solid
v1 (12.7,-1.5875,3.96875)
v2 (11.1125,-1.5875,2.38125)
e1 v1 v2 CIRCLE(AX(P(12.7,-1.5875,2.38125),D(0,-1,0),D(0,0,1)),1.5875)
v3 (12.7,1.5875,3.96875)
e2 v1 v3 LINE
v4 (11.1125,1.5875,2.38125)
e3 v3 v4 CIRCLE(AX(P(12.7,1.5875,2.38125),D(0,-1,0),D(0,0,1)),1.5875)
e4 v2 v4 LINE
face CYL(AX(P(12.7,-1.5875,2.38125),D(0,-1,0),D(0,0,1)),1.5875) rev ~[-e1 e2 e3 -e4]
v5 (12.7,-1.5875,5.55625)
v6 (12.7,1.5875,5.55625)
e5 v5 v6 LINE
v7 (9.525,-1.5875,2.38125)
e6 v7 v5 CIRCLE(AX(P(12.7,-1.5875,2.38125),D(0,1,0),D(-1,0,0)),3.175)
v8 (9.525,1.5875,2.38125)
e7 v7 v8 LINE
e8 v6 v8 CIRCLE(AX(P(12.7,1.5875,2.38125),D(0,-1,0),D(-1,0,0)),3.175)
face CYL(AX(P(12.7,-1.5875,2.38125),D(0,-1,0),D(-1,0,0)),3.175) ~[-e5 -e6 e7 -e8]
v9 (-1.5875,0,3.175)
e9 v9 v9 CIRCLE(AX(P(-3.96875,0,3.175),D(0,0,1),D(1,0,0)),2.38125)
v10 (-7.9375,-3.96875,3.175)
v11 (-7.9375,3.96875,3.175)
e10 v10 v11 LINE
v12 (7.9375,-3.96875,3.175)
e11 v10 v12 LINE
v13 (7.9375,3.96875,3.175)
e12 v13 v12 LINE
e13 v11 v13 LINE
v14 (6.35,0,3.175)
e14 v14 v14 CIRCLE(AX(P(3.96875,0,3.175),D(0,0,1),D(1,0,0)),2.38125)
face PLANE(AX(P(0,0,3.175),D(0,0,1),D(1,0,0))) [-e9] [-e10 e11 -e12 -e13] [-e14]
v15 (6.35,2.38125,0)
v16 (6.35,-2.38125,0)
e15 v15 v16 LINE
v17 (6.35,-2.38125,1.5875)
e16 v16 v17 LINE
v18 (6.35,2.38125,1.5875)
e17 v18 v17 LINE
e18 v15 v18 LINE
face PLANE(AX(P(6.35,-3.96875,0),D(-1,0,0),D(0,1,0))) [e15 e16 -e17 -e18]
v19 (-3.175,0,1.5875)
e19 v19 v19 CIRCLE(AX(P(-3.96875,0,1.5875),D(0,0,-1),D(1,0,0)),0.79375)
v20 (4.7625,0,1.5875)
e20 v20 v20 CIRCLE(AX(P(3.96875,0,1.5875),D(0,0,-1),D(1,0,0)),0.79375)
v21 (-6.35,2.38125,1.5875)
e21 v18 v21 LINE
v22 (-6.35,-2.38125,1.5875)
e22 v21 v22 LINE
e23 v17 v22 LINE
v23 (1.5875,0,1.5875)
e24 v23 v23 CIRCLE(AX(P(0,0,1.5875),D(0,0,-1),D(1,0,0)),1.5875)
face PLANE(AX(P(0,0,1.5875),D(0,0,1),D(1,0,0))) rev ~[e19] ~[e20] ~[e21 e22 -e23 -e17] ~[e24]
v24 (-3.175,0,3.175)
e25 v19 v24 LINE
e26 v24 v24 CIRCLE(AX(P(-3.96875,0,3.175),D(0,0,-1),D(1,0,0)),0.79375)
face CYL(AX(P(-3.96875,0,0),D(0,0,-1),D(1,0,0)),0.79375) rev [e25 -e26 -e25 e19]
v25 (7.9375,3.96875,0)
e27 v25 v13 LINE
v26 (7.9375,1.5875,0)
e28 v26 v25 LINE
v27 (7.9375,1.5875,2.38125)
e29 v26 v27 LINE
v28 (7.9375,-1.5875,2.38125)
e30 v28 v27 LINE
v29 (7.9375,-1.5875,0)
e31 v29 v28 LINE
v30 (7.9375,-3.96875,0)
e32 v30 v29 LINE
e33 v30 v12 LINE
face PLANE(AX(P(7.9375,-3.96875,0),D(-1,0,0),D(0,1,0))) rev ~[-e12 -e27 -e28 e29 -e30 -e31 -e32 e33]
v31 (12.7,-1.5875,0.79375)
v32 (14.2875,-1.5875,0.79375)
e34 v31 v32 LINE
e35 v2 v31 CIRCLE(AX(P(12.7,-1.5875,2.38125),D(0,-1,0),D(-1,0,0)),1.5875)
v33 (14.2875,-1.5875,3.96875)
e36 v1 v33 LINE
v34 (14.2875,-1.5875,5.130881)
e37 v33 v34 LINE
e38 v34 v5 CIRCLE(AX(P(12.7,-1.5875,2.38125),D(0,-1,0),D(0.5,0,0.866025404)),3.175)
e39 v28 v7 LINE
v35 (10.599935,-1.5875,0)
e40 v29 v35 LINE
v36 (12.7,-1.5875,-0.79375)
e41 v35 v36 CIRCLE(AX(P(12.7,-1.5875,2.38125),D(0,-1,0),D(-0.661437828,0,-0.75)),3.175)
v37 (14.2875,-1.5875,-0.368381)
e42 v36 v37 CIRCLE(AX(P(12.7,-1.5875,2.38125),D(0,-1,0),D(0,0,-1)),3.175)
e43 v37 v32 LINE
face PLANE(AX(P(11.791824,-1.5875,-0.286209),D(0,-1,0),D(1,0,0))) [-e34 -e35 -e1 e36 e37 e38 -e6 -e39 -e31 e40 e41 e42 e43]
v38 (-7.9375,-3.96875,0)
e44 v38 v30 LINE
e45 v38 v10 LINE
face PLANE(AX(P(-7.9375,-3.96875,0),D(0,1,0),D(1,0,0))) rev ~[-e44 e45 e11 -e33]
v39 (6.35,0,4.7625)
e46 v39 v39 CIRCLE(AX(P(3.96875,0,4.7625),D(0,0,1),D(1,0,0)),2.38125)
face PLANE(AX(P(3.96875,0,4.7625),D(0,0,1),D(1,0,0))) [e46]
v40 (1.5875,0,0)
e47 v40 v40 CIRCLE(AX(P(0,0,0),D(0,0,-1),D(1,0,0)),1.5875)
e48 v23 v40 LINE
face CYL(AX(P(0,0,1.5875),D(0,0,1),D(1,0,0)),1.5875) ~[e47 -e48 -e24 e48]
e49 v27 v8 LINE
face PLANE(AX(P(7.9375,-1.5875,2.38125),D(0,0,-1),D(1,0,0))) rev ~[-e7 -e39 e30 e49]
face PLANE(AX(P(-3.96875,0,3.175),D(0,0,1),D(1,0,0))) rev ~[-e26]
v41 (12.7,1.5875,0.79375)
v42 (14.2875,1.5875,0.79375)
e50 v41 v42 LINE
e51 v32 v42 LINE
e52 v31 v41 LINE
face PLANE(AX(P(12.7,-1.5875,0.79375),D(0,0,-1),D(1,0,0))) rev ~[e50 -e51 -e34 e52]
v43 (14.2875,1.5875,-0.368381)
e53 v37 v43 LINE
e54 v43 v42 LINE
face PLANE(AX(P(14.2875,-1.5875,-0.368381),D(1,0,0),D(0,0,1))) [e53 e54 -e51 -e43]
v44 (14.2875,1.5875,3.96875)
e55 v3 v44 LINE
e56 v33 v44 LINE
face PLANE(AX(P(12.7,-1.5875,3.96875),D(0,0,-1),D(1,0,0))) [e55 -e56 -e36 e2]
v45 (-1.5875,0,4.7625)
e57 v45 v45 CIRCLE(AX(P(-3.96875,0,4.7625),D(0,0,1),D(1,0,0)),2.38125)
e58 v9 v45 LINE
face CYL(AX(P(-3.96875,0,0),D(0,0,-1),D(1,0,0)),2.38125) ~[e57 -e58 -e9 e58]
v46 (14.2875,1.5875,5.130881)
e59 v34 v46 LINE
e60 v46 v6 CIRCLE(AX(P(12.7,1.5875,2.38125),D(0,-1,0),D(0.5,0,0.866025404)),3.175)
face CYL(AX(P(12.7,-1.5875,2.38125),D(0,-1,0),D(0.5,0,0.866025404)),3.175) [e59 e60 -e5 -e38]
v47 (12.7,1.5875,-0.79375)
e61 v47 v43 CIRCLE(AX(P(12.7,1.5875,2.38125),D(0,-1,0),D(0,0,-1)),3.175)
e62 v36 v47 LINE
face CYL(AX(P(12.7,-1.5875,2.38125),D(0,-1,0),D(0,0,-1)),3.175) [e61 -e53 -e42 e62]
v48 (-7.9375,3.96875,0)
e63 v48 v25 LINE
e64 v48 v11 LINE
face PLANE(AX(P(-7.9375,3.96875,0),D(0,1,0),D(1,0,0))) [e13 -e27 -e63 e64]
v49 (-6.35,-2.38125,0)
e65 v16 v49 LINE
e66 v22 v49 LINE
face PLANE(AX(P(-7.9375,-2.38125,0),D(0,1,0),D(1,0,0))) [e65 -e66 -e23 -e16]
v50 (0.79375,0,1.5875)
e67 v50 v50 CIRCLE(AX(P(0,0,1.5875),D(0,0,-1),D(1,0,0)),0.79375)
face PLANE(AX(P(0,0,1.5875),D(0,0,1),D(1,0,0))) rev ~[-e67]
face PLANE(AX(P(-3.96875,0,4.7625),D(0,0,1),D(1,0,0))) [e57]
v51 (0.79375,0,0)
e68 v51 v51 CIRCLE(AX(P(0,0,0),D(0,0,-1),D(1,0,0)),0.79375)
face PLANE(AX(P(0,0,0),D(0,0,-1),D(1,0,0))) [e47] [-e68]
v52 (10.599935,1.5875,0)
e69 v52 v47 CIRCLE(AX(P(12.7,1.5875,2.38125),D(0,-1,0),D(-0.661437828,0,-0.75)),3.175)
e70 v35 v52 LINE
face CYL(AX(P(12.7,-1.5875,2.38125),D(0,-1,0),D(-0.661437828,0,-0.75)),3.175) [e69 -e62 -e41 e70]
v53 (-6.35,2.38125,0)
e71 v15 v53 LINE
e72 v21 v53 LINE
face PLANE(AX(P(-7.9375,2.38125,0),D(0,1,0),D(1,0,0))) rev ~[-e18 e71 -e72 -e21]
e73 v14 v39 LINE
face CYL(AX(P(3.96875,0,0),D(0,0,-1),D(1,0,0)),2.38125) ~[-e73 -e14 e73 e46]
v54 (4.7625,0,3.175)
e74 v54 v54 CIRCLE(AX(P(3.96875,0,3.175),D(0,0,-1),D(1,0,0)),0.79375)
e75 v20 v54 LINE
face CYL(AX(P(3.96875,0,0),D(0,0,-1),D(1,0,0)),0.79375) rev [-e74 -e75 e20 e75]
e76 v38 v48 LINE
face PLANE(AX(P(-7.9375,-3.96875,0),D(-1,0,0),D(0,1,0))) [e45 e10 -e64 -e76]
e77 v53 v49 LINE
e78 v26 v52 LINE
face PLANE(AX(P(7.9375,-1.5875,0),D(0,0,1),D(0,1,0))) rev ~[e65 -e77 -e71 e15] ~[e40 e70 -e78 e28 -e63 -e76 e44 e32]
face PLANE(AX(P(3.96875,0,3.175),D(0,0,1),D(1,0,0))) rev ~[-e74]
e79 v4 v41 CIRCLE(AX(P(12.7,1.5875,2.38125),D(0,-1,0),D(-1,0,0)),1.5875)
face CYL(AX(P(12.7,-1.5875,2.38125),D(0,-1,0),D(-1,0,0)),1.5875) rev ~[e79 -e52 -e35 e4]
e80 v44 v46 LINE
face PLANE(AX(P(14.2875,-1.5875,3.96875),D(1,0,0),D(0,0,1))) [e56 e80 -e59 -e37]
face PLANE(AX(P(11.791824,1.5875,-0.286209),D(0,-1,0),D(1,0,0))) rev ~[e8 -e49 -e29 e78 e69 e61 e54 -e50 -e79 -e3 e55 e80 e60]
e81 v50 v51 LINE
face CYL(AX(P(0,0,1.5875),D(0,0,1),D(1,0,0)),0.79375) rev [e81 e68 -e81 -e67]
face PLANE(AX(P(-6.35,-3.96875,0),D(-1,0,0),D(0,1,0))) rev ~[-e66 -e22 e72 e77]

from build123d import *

# Parameters (mm, degrees)
F0_W      = 15.875
F0_H      = 7.9375
F0_R      = 2.38125
F1_DEPTH  = 3.175
F2_DEPTH  = 4.7625
F3_T      = -1.5875
F4_R      = 1.5875
F4_R_2    = 0.79375
F5_DEPTH  = 1.5875
F6_W      = 1.5875
F6_H      = 6.35
F7_DEPTH  = 4.7625
F8_W      = 1.5875
F8_H      = 0.79375
F9_DEPTH  = 3.175
F10_DEPTH = 25.4


with BuildPart() as f1:
    # F0 (on Top) → F1 (new body)
    with BuildSketch(Plane.XY):
        Rectangle(F0_W, F0_H)
        with Locations((-3.96875, 0)):
            Circle(F0_R, mode=Mode.SUBTRACT)
        with Locations((3.96875, 0)):
            Circle(F0_R, mode=Mode.SUBTRACT)
    extrude(amount=F1_DEPTH)

    # F0 (on Top) → F2 (join)
    with BuildSketch(Plane.XY):
        with Locations((3.96875, 0)):
            Circle(F0_R)
        with Locations((-3.96875, 0)):
            Circle(F0_R)
    extrude(amount=F2_DEPTH)

    # F3
    f3_openings = [f1.faces().sort_by_distance(p)[0] for p in [
        (0, 0, 0),
    ]]
    offset(amount=F3_T, openings=f3_openings, kind=Kind.INTERSECTION)

    # F4 (on face) → F5 (join)
    with BuildSketch(Plane(origin=(0, 0, 1.5875), x_dir=(1, 0, 0), z_dir=(0, 0, -1))):
        Circle(F4_R)
        Circle(F4_R_2, mode=Mode.SUBTRACT)
    extrude(amount=F5_DEPTH)

    # F6 (on face) → F7 (join)
    with BuildSketch(Plane.YZ.offset(7.9375)):
        with Locations((0.79375, 3.175)):
            Rectangle(F6_W, F6_H)
        with Locations((-0.79375, 3.175)):
            Rectangle(F6_W, F6_H)
    extrude(amount=F7_DEPTH)

    # F8 (on face) → F9 (join)
    with BuildSketch(Plane.XZ.offset(1.5875)):
        with BuildLine():
            Line((12.7, 0), (10.5999348968, 0))
            ThreePointArc((10.5999348968, 0), (11.5774679849, -0.5886905508), (12.7, -0.79375))
            Line((12.7, -0.79375), (12.7, 0))
        make_face()
        with BuildLine():
            Line((12.7, 0), (12.7, -0.79375))
            ThreePointArc((12.7, -0.79375), (13.5217504682, -0.6855644985), (14.2875, -0.368380657))
            Line((14.2875, -0.368380657), (14.2875, 0))
            Line((14.2875, 0), (12.7, 0))
        make_face()
        with BuildLine():
            ThreePointArc((14.2875, 5.130880657), (13.5217504682, 5.4480644985), (12.7, 5.55625))
            Line((12.7, 5.55625), (12.7, 3.96875))
            Line((12.7, 3.96875), (14.2875, 3.96875))
            Line((14.2875, 3.96875), (14.2875, 5.130880657))
        make_face()
        with Locations((13.49375, 0.396875)):
            Rectangle(F8_W, F8_H)
    extrude(amount=-F9_DEPTH)

    # F8 (on face) → F10 (cut)
    with BuildSketch(Plane.XZ.offset(1.5875)):
        with BuildLine():
            Line((7.9375, 6.35), (7.9375, 3.175))
            Line((7.9375, 3.175), (7.9375, 2.38125))
            Line((7.9375, 2.38125), (9.525, 2.38125))
            ThreePointArc((9.525, 2.38125), (10.4549359697, 4.6263140303), (12.7, 5.55625))
            Line((12.7, 5.55625), (12.7, 6.35))
            Line((12.7, 6.35), (7.9375, 6.35))
        make_face()
        with BuildLine():
            Line((12.7, 2.38125), (11.1125, 2.38125))
            ThreePointArc((11.1125, 2.38125), (11.5774679849, 1.2587179849), (12.7, 0.79375))
            Line((12.7, 0.79375), (12.7, 2.38125))
        make_face()
        with BuildLine():
            ThreePointArc((12.7, 3.96875), (11.5774679849, 3.5037820151), (11.1125, 2.38125))
            Line((11.1125, 2.38125), (12.7, 2.38125))
            Line((12.7, 2.38125), (12.7, 3.96875))
        make_face()
    extrude(amount=-F10_DEPTH, mode=Mode.SUBTRACT)


solid = f1.part
